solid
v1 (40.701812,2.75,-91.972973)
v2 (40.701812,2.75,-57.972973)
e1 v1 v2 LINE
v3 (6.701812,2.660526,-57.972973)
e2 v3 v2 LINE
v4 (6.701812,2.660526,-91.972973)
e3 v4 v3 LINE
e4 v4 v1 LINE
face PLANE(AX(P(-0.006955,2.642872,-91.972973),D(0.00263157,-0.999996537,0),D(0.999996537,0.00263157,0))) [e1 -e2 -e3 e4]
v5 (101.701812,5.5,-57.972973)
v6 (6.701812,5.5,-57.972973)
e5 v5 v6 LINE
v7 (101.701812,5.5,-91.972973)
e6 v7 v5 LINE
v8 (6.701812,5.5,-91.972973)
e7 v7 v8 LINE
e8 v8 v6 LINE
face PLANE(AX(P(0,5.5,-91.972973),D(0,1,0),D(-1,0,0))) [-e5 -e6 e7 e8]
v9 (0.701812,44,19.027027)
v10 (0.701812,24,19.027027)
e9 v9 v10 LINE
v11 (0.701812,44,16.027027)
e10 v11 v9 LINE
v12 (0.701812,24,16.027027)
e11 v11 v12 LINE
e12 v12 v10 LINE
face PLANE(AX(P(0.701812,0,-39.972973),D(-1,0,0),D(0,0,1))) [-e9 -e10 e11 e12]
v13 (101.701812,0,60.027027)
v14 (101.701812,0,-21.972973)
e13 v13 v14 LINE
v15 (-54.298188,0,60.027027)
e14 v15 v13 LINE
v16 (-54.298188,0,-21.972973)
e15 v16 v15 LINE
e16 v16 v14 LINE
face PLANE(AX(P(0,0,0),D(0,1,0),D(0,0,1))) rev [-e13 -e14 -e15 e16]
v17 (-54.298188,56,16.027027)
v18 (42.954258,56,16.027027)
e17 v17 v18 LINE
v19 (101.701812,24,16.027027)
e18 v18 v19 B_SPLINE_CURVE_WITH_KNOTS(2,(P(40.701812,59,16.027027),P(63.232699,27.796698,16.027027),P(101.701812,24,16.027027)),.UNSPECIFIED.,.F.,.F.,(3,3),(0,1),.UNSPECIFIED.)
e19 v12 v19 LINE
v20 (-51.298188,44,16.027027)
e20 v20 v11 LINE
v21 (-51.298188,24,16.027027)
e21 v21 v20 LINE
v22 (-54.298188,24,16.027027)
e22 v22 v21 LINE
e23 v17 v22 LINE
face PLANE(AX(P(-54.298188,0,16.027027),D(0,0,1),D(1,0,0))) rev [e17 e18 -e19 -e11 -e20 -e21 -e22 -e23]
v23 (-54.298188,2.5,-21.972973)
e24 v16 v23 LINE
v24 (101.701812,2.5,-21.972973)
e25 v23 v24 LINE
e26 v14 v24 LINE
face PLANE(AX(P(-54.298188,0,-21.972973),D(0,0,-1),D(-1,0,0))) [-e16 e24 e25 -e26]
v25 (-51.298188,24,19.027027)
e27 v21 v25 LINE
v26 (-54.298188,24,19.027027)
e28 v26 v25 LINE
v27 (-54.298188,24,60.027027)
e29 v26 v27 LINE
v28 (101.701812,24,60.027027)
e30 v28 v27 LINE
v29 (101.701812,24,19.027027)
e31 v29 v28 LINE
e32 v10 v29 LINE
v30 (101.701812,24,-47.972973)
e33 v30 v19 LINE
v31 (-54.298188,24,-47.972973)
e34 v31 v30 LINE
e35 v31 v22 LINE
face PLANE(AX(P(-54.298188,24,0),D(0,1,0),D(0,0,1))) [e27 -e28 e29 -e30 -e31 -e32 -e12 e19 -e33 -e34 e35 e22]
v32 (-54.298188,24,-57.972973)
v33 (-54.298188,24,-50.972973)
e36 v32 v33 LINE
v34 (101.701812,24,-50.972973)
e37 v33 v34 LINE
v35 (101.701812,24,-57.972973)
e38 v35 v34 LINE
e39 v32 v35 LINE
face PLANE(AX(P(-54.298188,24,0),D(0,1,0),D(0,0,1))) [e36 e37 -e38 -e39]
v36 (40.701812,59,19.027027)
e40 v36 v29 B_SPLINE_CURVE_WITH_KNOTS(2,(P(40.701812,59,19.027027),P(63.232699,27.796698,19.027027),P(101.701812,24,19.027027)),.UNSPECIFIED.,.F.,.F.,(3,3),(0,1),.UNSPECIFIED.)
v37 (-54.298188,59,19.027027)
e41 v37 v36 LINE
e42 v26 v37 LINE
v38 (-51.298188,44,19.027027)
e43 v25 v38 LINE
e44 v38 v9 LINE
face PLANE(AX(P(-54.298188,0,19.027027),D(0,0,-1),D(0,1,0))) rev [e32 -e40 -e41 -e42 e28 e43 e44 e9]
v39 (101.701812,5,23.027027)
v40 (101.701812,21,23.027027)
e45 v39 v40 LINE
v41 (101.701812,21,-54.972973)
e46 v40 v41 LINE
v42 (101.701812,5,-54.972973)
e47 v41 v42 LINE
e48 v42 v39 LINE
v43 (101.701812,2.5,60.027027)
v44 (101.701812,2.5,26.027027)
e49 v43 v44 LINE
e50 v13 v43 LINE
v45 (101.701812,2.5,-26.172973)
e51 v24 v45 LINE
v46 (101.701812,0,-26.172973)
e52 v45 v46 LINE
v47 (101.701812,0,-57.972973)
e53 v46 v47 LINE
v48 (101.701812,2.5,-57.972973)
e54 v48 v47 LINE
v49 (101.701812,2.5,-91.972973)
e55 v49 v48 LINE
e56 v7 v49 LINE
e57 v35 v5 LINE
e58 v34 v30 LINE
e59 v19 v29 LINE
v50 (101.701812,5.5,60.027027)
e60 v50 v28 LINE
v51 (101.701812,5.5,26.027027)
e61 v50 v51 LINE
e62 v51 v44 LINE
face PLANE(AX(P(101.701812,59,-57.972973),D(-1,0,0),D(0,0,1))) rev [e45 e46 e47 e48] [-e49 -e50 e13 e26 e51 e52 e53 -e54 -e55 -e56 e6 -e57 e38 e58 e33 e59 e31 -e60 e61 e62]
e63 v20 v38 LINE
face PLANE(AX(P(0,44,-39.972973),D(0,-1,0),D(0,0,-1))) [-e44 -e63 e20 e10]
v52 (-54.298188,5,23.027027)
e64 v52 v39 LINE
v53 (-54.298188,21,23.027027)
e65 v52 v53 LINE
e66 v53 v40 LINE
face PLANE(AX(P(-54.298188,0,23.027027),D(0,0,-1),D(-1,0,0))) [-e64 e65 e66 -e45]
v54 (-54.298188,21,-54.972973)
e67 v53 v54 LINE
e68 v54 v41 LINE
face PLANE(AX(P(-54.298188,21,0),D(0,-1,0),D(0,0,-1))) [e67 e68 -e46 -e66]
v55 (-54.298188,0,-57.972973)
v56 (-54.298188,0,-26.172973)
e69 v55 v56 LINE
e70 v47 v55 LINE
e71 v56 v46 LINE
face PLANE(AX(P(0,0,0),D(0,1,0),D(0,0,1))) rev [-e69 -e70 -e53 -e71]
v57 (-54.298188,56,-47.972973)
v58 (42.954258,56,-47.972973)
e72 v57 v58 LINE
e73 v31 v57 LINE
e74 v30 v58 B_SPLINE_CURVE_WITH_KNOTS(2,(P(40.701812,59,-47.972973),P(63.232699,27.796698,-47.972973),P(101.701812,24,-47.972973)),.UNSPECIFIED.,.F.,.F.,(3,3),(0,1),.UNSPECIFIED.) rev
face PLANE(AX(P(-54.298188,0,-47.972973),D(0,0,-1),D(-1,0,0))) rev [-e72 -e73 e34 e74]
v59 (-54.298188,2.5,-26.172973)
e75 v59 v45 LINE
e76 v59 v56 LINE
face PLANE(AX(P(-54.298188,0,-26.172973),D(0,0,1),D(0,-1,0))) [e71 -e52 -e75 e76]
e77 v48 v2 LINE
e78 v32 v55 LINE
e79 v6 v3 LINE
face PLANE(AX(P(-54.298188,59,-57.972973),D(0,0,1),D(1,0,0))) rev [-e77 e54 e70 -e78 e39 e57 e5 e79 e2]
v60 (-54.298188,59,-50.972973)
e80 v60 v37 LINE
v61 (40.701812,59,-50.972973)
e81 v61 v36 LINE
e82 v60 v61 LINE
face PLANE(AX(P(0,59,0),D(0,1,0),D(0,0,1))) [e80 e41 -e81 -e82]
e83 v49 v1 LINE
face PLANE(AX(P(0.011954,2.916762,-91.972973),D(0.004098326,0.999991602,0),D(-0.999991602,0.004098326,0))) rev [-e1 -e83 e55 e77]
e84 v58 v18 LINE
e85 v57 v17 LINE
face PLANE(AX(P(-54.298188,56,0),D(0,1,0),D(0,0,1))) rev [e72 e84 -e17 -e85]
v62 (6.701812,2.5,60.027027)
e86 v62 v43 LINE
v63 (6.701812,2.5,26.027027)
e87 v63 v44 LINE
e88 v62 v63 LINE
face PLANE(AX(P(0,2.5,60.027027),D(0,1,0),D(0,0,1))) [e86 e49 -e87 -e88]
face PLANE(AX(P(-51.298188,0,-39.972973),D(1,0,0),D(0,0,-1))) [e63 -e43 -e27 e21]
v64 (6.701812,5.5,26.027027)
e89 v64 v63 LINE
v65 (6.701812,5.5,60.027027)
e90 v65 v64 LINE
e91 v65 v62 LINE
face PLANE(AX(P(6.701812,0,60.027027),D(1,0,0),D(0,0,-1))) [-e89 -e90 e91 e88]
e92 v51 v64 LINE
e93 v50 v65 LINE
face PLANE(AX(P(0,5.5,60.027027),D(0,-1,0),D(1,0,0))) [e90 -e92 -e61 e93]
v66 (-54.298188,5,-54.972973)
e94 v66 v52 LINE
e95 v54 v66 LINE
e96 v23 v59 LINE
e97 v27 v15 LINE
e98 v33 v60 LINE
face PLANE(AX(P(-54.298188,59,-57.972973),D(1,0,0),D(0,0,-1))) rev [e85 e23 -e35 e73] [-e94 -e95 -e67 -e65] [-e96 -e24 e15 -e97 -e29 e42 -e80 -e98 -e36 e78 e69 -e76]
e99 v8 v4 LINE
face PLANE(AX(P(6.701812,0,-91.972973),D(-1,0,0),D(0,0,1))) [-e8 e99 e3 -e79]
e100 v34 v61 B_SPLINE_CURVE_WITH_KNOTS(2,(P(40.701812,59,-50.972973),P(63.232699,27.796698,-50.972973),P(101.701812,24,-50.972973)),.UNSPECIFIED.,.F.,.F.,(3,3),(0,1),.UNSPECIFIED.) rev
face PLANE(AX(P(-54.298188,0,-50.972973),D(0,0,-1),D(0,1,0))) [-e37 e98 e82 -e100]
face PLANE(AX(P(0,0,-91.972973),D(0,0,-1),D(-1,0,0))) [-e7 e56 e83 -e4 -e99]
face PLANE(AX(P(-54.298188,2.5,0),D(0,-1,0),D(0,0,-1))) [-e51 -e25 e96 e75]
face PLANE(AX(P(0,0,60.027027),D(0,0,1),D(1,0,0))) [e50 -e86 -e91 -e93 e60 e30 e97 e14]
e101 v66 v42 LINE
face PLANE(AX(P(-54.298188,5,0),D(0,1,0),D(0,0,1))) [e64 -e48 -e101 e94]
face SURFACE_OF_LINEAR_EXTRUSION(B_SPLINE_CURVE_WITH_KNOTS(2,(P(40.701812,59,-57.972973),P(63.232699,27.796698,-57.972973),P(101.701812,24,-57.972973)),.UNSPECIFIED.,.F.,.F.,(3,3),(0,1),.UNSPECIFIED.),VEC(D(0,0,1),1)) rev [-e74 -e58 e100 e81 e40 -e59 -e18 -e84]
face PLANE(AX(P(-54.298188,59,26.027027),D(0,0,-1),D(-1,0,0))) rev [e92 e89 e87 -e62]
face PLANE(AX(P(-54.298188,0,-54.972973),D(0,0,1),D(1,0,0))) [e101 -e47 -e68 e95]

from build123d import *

# Parameters (mm, degrees)
ESQUISSE1_W             = 156
ESQUISSE1_H             = 84
BOSS_EXTRU_1_DEPTH      = 59
ESQUISSE2_W             = 78
ESQUISSE2_H             = 16
ESQUISSE2_W_2           = 7
ESQUISSE2_H_2           = 35
ESQUISSE2_W_3           = 4.2
ESQUISSE2_H_3           = 2.5
ENL_V_MAT_EXTRU_1_DEPTH = 177.572550515
ENL_V_MAT_EXTRU_3_DEPTH = 141.546285889
ESQUISSE4_W             = 52
ESQUISSE4_H             = 20
ENL_V_MAT_EXTRU_4_DEPTH = 59
BOSS_EXTRU_2_DEPTH      = 34
BOSS_EXTRU_3_DEPTH      = 34


with BuildPart() as part:
    # Esquisse1 → Boss.-Extru.1 (new body)
    with BuildSketch(Plane(origin=(0, 0, 0), x_dir=(1, 0, 0), z_dir=(0, 1, 0))):
        with Locations((23.701811573, 15.972972973)):
            Rectangle(ESQUISSE1_W, ESQUISSE1_H)
    extrude(amount=BOSS_EXTRU_1_DEPTH)

    # Esquisse2 → Enlèv. mat.-Extru.1 (cut, through all)
    with BuildSketch(Plane(origin=(101.701811573, 0, 0), x_dir=(0, 0, -1), z_dir=(1, 0, 0))):
        Polygon((15.972972973, 24), (47.972972973, 24), (47.972972973, 56), (-16.027027027, 56), (-16.027027027, 24), align=None)
        with Locations((15.972972973, 13)):
            Rectangle(ESQUISSE2_W, ESQUISSE2_H)
        with Locations((-22.527027027, 41.5)):
            Rectangle(ESQUISSE2_W_2, ESQUISSE2_H_2)
        Polygon((54.972972973, 24), (57.972972973, 24), (57.972972973, 59), (50.972972973, 59), (50.972972973, 24), align=None)
        with Locations((24.072972973, 1.25)):
            Rectangle(ESQUISSE2_W_3, ESQUISSE2_H_3)
    extrude(amount=-ENL_V_MAT_EXTRU_1_DEPTH, mode=Mode.SUBTRACT)

    # Esquisse3 → Enlèv. mat.-Extru.3 (cut, through all)
    with BuildSketch(Plane.XY.offset(19.027027027)):
        with BuildLine():
            Line((101.701811573, 59), (40.701811573, 59))
            add(Edge.make_bspline(
                [(40.701811573, 59), (63.23269898, 27.796698054), (101.701811573, 24)],
                knots=[0, 0, 0, 1, 1, 1], degree=2))
            Line((101.701811573, 24), (101.701811573, 59))
        make_face()
    extrude(amount=-ENL_V_MAT_EXTRU_3_DEPTH, mode=Mode.SUBTRACT)

    # Esquisse4 → Enlèv. mat.-Extru.4 (cut)
    with BuildSketch(Plane.XY.offset(19.027027027)):
        with Locations((-25.298188427, 34)):
            Rectangle(ESQUISSE4_W, ESQUISSE4_H)
    extrude(amount=-ENL_V_MAT_EXTRU_4_DEPTH, mode=Mode.SUBTRACT)

    # Esquisse5 → Boss.-Extru.2 (add)
    with BuildSketch(Plane(origin=(0, 0, -57.972972973), x_dir=(-1, 0, 0), z_dir=(0, 0, -1))):
        Polygon((-101.701811573, 2.5), (-40.701811573, 2.75), (-40.701811573, 5.5), (-101.701811573, 5.5), align=None)
        Polygon((-40.701811573, 2.75), (-6.701811573, 2.660526316), (-6.701811573, 5.5), (-40.701811573, 5.5), align=None)
    extrude(amount=BOSS_EXTRU_2_DEPTH)

    # Esquisse6 → Boss.-Extru.3 (add)
    with BuildSketch(Plane.XY.offset(26.027027027)):
        Polygon((-54.298188427, 2.5), (-54.298188427, 0), (101.701811573, 0), (101.701811573, 2.5), (6.701811573, 2.5), (6.701811573, 5.5), (101.701811573, 5.5), (101.701811573, 24), (-54.298188427, 24), (-54.298188427, 5.5), align=None)
    extrude(amount=BOSS_EXTRU_3_DEPTH)


solid = part.part
